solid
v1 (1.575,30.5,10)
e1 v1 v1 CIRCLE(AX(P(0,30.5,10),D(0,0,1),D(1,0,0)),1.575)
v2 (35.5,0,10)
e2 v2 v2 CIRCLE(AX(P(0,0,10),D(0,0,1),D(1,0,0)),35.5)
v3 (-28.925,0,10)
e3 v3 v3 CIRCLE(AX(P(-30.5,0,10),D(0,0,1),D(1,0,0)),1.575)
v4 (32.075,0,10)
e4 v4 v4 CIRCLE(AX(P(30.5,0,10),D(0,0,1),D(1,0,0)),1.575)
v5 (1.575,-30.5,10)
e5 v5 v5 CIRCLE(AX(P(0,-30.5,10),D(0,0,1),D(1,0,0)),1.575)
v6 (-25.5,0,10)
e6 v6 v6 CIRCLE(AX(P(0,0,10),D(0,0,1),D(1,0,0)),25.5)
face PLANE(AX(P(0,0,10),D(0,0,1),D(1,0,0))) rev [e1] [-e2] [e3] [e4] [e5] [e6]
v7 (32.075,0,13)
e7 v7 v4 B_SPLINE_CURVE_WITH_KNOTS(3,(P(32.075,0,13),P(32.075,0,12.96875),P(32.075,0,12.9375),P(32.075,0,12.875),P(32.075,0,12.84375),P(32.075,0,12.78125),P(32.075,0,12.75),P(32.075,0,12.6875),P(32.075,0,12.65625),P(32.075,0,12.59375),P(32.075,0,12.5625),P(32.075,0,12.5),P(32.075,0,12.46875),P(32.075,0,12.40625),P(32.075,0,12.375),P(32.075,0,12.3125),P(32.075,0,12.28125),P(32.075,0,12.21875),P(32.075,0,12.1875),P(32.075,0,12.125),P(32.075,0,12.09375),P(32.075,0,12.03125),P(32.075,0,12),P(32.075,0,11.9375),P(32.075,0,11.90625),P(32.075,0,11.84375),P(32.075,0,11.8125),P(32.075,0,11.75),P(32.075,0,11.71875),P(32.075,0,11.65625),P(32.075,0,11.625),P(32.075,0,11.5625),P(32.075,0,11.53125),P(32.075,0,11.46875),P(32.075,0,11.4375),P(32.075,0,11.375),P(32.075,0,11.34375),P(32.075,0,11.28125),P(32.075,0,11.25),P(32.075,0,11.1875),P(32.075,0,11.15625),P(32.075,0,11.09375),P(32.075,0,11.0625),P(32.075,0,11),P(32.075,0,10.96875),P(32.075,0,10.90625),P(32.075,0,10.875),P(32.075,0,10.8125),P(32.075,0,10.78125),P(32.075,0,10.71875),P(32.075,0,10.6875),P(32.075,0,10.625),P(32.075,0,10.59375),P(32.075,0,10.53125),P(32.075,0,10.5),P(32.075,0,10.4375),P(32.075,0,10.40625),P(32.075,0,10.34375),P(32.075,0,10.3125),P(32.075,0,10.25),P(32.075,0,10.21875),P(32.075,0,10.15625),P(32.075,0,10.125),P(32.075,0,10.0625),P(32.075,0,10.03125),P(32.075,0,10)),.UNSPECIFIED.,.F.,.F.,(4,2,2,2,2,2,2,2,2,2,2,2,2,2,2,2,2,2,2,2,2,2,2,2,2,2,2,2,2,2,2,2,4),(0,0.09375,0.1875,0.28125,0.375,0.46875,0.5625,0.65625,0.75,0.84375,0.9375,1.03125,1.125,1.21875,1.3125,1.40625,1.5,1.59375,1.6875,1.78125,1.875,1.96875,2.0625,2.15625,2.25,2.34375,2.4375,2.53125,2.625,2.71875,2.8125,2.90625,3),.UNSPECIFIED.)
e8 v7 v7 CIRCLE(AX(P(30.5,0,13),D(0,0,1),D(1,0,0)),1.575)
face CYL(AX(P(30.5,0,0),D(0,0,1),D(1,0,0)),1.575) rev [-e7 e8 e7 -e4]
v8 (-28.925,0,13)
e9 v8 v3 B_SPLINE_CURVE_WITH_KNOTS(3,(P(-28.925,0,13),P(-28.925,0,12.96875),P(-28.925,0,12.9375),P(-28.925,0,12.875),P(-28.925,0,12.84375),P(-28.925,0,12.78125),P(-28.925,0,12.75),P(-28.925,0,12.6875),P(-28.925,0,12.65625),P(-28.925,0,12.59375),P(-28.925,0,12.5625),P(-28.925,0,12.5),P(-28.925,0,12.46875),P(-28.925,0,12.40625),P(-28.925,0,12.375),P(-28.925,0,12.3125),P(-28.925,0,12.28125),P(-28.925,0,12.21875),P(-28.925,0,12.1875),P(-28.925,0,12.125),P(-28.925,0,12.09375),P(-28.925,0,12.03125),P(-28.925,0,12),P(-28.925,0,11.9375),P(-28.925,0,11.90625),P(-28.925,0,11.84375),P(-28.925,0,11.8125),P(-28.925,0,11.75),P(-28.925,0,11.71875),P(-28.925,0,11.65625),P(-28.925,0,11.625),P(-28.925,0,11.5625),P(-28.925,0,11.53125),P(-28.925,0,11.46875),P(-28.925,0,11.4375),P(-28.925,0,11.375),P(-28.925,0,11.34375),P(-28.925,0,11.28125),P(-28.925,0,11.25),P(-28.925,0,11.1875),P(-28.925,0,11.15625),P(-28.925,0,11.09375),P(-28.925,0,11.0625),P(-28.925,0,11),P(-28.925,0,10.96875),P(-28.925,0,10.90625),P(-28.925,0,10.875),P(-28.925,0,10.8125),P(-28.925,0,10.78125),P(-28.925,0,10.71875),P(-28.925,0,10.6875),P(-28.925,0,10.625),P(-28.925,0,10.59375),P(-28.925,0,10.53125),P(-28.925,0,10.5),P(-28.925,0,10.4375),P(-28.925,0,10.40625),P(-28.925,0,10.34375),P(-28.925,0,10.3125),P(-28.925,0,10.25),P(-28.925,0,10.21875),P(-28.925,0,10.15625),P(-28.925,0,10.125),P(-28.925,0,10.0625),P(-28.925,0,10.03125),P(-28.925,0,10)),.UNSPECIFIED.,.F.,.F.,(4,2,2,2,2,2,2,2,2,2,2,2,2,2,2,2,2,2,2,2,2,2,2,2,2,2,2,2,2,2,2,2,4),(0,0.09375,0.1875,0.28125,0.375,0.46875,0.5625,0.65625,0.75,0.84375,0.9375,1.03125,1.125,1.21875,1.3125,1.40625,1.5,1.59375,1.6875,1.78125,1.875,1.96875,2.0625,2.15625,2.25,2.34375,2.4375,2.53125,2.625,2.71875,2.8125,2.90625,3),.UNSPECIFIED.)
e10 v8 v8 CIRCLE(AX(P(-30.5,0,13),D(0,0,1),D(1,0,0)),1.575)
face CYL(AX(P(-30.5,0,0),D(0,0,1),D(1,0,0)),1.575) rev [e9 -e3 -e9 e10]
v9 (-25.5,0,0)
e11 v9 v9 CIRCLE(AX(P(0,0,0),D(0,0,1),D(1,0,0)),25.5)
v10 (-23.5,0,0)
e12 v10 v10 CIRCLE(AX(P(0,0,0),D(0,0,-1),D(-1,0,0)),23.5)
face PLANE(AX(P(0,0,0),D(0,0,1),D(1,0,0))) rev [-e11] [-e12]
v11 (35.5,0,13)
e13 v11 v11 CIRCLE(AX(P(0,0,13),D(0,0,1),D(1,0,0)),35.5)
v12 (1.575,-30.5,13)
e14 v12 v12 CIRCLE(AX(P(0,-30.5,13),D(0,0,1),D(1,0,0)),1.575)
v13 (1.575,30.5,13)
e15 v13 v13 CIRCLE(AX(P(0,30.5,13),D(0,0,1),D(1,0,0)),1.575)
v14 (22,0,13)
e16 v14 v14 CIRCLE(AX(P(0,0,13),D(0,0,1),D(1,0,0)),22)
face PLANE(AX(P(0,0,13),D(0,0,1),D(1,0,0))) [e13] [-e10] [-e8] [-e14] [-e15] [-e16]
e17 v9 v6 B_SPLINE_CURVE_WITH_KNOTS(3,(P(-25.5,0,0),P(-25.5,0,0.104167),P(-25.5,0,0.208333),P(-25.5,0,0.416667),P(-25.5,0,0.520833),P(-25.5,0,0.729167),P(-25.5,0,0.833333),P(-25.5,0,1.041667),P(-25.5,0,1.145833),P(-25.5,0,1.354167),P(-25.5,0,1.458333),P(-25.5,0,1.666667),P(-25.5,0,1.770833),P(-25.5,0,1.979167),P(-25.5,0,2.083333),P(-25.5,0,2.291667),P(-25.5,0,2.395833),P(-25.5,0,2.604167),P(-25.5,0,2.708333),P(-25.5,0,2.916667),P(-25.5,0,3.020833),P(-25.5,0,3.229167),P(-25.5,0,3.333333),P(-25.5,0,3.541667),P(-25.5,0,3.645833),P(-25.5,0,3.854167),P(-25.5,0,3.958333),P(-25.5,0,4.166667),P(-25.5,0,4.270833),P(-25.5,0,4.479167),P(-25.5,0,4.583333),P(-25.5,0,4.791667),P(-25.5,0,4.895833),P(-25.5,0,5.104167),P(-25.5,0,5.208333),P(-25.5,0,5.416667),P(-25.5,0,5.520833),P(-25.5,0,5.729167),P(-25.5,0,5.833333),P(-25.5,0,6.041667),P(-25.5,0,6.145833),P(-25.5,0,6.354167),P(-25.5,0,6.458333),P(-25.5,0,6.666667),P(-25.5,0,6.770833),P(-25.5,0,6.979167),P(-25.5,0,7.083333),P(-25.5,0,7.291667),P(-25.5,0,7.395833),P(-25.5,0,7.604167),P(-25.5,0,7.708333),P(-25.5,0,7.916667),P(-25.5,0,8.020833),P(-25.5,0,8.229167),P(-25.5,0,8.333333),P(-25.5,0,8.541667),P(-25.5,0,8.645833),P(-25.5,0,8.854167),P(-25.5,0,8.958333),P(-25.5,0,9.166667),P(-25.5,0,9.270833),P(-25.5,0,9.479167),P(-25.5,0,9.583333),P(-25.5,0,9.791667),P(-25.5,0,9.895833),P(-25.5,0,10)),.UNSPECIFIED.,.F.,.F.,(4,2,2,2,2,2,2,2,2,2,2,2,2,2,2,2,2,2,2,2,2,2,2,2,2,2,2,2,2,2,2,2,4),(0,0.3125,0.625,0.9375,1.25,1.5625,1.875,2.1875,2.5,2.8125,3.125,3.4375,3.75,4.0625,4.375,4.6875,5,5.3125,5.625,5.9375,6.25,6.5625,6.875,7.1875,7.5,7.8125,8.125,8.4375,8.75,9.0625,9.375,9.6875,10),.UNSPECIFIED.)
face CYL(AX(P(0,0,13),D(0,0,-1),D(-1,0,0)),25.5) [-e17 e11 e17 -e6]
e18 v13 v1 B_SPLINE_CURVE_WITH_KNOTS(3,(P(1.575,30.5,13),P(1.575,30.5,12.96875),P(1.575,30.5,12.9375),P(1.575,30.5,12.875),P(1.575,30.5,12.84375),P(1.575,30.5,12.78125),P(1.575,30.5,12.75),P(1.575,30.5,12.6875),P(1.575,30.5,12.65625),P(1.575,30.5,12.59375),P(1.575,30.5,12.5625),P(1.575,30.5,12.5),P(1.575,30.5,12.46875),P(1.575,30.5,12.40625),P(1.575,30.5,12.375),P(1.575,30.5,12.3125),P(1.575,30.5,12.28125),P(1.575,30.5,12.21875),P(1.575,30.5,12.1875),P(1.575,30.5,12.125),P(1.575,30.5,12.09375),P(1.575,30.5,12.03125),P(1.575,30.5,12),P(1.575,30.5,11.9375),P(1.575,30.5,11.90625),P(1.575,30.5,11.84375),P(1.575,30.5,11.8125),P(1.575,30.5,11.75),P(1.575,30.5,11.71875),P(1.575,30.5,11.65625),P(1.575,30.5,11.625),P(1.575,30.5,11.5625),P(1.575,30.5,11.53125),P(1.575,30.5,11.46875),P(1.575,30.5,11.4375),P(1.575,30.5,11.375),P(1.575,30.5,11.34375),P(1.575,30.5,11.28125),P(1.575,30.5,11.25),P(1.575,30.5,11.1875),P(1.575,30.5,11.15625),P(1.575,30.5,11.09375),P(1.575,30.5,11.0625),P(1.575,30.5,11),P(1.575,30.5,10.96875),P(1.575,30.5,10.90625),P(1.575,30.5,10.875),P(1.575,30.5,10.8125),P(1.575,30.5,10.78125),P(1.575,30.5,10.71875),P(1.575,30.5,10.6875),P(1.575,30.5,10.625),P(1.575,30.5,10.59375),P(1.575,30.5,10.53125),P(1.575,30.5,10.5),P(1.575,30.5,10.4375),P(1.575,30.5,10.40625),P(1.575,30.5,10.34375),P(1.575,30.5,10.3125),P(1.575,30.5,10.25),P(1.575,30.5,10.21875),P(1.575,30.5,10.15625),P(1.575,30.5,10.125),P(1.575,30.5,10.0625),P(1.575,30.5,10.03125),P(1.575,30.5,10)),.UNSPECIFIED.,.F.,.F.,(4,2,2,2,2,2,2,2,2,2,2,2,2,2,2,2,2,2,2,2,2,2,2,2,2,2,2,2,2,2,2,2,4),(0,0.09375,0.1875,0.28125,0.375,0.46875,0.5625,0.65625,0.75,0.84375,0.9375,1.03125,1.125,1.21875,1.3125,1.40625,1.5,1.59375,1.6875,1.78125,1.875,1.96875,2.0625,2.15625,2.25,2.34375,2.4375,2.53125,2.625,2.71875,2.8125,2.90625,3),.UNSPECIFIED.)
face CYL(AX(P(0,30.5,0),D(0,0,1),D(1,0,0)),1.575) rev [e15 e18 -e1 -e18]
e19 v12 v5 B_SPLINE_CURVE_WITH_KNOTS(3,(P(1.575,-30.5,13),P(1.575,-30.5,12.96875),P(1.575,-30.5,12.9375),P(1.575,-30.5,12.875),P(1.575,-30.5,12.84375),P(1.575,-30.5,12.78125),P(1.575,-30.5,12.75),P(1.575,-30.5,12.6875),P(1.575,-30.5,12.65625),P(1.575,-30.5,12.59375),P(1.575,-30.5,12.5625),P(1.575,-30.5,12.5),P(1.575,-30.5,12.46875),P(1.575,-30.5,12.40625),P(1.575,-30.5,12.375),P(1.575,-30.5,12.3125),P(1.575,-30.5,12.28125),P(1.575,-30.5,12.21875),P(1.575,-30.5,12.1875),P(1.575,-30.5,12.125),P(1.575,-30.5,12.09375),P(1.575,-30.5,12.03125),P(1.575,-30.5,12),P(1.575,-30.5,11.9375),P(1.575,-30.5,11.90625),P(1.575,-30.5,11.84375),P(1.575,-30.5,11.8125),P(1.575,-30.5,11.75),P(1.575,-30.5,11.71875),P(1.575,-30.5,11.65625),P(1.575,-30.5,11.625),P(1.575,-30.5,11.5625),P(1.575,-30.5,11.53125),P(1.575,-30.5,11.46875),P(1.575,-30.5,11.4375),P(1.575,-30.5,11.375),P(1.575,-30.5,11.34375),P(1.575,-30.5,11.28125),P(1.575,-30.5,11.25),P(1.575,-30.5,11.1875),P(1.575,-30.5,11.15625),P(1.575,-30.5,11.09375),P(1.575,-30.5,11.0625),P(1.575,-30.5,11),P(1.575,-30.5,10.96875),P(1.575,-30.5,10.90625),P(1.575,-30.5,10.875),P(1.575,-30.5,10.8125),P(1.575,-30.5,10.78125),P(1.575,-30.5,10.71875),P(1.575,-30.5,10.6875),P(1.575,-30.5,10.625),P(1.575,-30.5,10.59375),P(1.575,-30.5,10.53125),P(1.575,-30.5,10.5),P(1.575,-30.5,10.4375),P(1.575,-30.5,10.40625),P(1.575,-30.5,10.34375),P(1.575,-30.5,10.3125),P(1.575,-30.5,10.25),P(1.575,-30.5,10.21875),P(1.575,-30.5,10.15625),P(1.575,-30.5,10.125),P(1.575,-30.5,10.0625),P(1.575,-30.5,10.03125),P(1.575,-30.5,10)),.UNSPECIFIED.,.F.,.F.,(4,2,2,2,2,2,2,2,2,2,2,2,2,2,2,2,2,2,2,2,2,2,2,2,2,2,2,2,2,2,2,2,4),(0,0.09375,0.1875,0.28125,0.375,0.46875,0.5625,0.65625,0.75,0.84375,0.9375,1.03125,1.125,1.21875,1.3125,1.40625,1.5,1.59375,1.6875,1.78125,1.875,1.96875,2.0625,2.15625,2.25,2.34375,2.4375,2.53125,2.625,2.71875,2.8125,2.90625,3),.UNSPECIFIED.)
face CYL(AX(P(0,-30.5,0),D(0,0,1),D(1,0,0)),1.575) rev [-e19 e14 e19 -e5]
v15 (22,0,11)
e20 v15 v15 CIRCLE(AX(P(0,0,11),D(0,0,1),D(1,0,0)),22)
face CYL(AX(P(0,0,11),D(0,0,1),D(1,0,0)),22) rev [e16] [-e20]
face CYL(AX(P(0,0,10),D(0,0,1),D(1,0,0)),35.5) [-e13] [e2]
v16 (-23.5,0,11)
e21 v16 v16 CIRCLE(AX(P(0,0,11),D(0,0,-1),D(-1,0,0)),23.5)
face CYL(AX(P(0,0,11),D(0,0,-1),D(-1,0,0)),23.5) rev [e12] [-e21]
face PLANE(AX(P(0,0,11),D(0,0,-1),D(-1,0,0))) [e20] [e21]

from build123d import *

# Parameters (mm, degrees)
SKETCH_1_R          = 25.5
EXTRUDE_1_DEPTH     = 13
SKETCH_2_R          = 23.5
CUT_EXTRUDE_1_DEPTH = 11
SKETCH_3_R          = 22
CUT_EXTRUDE_2_DEPTH = 2
EXTRUDE_START       = -3
SKETCH_4_R          = 35.5
SKETCH_4_R_2        = 25.5
EXTRUDE_2_DEPTH     = 3
SKETCH_5_R          = 1.575
CUT_EXTRUDE_3_DEPTH = 52.860389509


with BuildPart() as part:
    # 草图1 → 凸台-拉伸1 (new body)
    with BuildSketch(Plane.XY):
        with Locations(Location((0, 0, 0), (0, 0, 180))):
            Circle(SKETCH_1_R)
    extrude(amount=EXTRUDE_1_DEPTH)

    # 草图2 → 切除-拉伸1 (cut)
    with BuildSketch(Plane(origin=(0, 0, 0), x_dir=(-1, 0, 0), z_dir=(0, 0, -1))):
        Circle(SKETCH_2_R)
    extrude(amount=-CUT_EXTRUDE_1_DEPTH, mode=Mode.SUBTRACT)

    # 草图3 → 切除-拉伸2 (cut)
    with BuildSketch(Plane.XY.offset(13)):
        Circle(SKETCH_3_R)
    extrude(amount=-CUT_EXTRUDE_2_DEPTH, mode=Mode.SUBTRACT)

    # 草图4 → 凸台-拉伸2 (add)
    with BuildSketch(Plane.XY.offset(13).offset(EXTRUDE_START)):
        Circle(SKETCH_4_R)
        with Locations(Location((0, 0, 0), (0, 0, 180))):
            Circle(SKETCH_4_R_2, mode=Mode.SUBTRACT)
    extrude(amount=EXTRUDE_2_DEPTH)

    # 草图5 → 切除-拉伸3 (cut, through all)
    with BuildSketch(Plane.XY.offset(13)):
        with Locations((0, 30.5)):
            Circle(SKETCH_5_R)
        with Locations((30.5, 0)):
            Circle(SKETCH_5_R)
        with Locations((0, -30.5)):
            Circle(SKETCH_5_R)
        with Locations((-30.5, 0)):
            Circle(SKETCH_5_R)
    extrude(amount=-CUT_EXTRUDE_3_DEPTH, mode=Mode.SUBTRACT)


solid = part.part
